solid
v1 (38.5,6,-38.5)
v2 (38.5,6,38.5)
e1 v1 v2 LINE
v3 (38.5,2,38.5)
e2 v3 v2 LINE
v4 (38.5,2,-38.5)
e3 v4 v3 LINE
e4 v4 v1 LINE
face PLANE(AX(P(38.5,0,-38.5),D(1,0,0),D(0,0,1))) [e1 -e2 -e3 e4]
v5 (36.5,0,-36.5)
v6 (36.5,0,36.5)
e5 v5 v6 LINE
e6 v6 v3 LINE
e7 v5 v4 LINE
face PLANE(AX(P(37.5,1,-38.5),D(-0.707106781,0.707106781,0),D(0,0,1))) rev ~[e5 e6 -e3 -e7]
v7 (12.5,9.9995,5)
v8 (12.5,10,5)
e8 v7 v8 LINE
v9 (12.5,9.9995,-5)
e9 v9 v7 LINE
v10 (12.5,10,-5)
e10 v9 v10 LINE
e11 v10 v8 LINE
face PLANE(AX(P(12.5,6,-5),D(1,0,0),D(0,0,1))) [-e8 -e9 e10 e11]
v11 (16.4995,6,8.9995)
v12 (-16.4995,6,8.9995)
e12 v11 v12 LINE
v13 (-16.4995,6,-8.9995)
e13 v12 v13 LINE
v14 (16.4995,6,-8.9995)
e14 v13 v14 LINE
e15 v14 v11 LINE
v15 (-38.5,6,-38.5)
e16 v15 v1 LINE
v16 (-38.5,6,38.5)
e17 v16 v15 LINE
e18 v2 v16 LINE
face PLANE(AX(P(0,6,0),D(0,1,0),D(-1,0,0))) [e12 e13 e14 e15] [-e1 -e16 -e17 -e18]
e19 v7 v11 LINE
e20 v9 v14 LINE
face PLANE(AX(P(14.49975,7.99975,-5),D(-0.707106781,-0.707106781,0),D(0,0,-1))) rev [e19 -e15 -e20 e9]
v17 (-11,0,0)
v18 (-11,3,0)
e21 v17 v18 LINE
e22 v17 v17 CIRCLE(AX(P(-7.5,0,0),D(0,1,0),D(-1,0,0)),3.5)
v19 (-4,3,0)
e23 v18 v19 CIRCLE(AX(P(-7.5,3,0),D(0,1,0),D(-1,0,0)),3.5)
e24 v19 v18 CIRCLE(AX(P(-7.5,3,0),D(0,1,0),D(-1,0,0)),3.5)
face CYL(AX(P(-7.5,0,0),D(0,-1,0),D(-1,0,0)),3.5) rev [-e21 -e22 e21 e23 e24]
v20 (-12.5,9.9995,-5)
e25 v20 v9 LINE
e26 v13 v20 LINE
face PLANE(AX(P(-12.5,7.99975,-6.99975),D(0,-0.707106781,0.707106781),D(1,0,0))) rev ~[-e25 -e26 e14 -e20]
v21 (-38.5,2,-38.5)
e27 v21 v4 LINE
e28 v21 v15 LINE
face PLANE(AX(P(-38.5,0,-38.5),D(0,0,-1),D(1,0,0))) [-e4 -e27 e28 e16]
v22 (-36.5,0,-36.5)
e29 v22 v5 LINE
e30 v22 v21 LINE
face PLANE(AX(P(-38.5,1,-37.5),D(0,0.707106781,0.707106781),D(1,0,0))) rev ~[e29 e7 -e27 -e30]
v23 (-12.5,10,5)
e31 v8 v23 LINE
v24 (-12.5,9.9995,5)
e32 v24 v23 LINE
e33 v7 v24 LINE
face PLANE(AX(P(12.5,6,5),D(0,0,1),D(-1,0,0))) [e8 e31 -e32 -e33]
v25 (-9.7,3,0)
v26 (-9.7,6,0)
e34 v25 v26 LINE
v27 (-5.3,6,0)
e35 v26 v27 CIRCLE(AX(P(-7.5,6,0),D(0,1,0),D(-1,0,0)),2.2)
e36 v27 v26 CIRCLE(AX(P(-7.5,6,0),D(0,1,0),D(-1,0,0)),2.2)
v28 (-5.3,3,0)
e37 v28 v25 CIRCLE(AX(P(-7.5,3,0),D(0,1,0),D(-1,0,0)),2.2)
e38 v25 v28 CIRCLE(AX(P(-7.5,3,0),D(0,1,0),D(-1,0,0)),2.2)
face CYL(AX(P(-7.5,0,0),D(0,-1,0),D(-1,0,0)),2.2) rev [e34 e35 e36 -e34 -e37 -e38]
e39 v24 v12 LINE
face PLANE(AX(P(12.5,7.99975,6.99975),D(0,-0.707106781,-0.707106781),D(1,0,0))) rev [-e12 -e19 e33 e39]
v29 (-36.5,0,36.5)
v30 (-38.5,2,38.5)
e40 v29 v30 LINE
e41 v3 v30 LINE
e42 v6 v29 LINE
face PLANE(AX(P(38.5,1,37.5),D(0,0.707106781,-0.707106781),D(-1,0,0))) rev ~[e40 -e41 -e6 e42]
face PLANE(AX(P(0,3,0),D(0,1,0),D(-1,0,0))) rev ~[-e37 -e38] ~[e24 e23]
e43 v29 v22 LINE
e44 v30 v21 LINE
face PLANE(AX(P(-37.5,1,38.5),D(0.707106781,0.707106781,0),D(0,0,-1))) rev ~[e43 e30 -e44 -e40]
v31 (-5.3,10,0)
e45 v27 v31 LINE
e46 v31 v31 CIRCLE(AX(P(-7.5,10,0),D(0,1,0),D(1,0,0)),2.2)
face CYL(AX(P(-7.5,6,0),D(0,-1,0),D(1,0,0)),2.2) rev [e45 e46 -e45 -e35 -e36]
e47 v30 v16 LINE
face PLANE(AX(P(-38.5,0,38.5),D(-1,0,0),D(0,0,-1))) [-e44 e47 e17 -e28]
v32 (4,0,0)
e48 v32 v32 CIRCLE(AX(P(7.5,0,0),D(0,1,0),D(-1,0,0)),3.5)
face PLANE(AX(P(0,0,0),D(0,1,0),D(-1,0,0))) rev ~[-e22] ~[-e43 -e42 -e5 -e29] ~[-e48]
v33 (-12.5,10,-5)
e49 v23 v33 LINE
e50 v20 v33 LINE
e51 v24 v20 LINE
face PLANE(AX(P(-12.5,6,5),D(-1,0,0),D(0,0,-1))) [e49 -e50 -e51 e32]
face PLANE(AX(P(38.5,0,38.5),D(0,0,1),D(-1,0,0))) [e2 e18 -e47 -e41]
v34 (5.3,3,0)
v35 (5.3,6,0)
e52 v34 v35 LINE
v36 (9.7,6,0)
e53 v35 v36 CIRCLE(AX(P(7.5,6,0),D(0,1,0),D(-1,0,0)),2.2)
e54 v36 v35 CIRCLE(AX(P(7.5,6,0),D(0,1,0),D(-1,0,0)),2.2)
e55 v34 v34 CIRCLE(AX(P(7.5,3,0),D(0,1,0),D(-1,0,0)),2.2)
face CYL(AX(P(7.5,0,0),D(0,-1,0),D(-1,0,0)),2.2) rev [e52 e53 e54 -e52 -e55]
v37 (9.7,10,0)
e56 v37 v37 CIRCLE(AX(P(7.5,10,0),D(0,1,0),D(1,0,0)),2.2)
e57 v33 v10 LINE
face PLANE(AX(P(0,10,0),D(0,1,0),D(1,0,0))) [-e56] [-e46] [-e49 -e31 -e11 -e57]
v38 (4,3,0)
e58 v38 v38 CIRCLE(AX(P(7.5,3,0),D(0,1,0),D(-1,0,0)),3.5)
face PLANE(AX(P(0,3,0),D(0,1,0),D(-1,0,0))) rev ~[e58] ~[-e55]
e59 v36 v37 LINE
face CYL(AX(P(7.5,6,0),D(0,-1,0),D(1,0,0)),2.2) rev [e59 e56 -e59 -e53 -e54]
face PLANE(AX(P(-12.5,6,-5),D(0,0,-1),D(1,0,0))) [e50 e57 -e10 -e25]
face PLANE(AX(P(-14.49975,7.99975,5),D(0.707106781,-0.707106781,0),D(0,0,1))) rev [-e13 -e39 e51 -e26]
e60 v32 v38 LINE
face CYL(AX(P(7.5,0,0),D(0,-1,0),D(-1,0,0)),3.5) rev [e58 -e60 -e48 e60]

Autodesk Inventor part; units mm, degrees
ref_plane "YZ Plane" through (0, 0, 0) normal (1, 0, 0) x (0, 1, 0)
ref_plane "XZ Plane" through (0, 0, 0) normal (0, 1, 0) x (-1, 0, 0)
ref_plane "XY Plane" through (0, 0, 0) normal (0, 0, 1) x (1, 0, 0)
sketch "Szkic1" plane through (0, 0, 0) normal (0, 1, 0) x (-1, 0, 0)
  line L0 (0, 0) -> (7.5, 0)
  line L1 (0, 0) -> (7.5, 0) construction
  circle A0 centre (7.5, 0) radius 2.2
  line L2 (0, 0) -> (0, -2)
  circle A1 centre (-7.5, 0) radius 2.2
  line L3 (-38.5, 38.5) -> (38.5, 38.5)
  line L4 (38.5, 38.5) -> (38.5, -38.5)
  line L5 (38.5, -38.5) -> (-38.5, -38.5)
  line L6 (-38.5, -38.5) -> (-38.5, 38.5)
  line L7 (-38.5, 38.5) -> (38.5, -38.5) construction
  line L8 (38.5, 38.5) -> (-38.5, -38.5) construction
  circle A2 centre (7.5, 0) radius 3.5
  circle A3 centre (-7.5, 0) radius 3.5
  dimension "d0" = 7.5
  dimension "d1" = 0
  dimension "d2" = 4.4
  dimension "d3" = 2
  dimension "d4" = 77
  dimension "d5" = 77
  dimension "d8" = 7
extrude "Wyciągnięcie proste1" add sketch "Szkic1" along normal blind 6 contours A2 | L3 L4 L5 L6 | A3
extrude "Wyciągnięcie proste2" cut sketch "Szkic1" along normal blind 3 contours A2 | A3
chamfer "Faza1" distance 2 angle 45 4 edges at (-38.5, 0, 0) (0, 0, -38.5) (38.5, 0, 0) (0, 0, 38.5)
sketch "Szkic2" plane through (0, 6, 0) normal (0, 1, 0) x (1, 0, 0)
  line L0 (12.5, -5) -> (-12.5, -5)
  line L1 (-12.5, -5) -> (-12.5, 5)
  line L2 (-12.5, 5) -> (12.5, 5)
  line L3 (12.5, 5) -> (12.5, -5)
  line L4 (12.5, -5) -> (-12.5, 5) construction
  line L5 (-12.5, -5) -> (12.5, 5) construction
  circle A0 centre (-7.5, 0) radius 2.2 projected
  circle A1 centre (-7.5, 0) radius 2.2
  circle A2 centre (7.5, 0) radius 2.2 projected
  circle A3 centre (7.5, 0) radius 2.2
  point P0 (0, 0)
  dimension "d14" = 25
  dimension "d15" = 10
extrude "Wyciągnięcie proste3" add sketch "Szkic2" along normal blind 4
chamfer "Faza2" distance 4 angle 45 4 edges at (0, 6, 5) (12.5, 6, 0) (0, 6, -5) (-12.5, 6, 0)
properties part number "taca"
